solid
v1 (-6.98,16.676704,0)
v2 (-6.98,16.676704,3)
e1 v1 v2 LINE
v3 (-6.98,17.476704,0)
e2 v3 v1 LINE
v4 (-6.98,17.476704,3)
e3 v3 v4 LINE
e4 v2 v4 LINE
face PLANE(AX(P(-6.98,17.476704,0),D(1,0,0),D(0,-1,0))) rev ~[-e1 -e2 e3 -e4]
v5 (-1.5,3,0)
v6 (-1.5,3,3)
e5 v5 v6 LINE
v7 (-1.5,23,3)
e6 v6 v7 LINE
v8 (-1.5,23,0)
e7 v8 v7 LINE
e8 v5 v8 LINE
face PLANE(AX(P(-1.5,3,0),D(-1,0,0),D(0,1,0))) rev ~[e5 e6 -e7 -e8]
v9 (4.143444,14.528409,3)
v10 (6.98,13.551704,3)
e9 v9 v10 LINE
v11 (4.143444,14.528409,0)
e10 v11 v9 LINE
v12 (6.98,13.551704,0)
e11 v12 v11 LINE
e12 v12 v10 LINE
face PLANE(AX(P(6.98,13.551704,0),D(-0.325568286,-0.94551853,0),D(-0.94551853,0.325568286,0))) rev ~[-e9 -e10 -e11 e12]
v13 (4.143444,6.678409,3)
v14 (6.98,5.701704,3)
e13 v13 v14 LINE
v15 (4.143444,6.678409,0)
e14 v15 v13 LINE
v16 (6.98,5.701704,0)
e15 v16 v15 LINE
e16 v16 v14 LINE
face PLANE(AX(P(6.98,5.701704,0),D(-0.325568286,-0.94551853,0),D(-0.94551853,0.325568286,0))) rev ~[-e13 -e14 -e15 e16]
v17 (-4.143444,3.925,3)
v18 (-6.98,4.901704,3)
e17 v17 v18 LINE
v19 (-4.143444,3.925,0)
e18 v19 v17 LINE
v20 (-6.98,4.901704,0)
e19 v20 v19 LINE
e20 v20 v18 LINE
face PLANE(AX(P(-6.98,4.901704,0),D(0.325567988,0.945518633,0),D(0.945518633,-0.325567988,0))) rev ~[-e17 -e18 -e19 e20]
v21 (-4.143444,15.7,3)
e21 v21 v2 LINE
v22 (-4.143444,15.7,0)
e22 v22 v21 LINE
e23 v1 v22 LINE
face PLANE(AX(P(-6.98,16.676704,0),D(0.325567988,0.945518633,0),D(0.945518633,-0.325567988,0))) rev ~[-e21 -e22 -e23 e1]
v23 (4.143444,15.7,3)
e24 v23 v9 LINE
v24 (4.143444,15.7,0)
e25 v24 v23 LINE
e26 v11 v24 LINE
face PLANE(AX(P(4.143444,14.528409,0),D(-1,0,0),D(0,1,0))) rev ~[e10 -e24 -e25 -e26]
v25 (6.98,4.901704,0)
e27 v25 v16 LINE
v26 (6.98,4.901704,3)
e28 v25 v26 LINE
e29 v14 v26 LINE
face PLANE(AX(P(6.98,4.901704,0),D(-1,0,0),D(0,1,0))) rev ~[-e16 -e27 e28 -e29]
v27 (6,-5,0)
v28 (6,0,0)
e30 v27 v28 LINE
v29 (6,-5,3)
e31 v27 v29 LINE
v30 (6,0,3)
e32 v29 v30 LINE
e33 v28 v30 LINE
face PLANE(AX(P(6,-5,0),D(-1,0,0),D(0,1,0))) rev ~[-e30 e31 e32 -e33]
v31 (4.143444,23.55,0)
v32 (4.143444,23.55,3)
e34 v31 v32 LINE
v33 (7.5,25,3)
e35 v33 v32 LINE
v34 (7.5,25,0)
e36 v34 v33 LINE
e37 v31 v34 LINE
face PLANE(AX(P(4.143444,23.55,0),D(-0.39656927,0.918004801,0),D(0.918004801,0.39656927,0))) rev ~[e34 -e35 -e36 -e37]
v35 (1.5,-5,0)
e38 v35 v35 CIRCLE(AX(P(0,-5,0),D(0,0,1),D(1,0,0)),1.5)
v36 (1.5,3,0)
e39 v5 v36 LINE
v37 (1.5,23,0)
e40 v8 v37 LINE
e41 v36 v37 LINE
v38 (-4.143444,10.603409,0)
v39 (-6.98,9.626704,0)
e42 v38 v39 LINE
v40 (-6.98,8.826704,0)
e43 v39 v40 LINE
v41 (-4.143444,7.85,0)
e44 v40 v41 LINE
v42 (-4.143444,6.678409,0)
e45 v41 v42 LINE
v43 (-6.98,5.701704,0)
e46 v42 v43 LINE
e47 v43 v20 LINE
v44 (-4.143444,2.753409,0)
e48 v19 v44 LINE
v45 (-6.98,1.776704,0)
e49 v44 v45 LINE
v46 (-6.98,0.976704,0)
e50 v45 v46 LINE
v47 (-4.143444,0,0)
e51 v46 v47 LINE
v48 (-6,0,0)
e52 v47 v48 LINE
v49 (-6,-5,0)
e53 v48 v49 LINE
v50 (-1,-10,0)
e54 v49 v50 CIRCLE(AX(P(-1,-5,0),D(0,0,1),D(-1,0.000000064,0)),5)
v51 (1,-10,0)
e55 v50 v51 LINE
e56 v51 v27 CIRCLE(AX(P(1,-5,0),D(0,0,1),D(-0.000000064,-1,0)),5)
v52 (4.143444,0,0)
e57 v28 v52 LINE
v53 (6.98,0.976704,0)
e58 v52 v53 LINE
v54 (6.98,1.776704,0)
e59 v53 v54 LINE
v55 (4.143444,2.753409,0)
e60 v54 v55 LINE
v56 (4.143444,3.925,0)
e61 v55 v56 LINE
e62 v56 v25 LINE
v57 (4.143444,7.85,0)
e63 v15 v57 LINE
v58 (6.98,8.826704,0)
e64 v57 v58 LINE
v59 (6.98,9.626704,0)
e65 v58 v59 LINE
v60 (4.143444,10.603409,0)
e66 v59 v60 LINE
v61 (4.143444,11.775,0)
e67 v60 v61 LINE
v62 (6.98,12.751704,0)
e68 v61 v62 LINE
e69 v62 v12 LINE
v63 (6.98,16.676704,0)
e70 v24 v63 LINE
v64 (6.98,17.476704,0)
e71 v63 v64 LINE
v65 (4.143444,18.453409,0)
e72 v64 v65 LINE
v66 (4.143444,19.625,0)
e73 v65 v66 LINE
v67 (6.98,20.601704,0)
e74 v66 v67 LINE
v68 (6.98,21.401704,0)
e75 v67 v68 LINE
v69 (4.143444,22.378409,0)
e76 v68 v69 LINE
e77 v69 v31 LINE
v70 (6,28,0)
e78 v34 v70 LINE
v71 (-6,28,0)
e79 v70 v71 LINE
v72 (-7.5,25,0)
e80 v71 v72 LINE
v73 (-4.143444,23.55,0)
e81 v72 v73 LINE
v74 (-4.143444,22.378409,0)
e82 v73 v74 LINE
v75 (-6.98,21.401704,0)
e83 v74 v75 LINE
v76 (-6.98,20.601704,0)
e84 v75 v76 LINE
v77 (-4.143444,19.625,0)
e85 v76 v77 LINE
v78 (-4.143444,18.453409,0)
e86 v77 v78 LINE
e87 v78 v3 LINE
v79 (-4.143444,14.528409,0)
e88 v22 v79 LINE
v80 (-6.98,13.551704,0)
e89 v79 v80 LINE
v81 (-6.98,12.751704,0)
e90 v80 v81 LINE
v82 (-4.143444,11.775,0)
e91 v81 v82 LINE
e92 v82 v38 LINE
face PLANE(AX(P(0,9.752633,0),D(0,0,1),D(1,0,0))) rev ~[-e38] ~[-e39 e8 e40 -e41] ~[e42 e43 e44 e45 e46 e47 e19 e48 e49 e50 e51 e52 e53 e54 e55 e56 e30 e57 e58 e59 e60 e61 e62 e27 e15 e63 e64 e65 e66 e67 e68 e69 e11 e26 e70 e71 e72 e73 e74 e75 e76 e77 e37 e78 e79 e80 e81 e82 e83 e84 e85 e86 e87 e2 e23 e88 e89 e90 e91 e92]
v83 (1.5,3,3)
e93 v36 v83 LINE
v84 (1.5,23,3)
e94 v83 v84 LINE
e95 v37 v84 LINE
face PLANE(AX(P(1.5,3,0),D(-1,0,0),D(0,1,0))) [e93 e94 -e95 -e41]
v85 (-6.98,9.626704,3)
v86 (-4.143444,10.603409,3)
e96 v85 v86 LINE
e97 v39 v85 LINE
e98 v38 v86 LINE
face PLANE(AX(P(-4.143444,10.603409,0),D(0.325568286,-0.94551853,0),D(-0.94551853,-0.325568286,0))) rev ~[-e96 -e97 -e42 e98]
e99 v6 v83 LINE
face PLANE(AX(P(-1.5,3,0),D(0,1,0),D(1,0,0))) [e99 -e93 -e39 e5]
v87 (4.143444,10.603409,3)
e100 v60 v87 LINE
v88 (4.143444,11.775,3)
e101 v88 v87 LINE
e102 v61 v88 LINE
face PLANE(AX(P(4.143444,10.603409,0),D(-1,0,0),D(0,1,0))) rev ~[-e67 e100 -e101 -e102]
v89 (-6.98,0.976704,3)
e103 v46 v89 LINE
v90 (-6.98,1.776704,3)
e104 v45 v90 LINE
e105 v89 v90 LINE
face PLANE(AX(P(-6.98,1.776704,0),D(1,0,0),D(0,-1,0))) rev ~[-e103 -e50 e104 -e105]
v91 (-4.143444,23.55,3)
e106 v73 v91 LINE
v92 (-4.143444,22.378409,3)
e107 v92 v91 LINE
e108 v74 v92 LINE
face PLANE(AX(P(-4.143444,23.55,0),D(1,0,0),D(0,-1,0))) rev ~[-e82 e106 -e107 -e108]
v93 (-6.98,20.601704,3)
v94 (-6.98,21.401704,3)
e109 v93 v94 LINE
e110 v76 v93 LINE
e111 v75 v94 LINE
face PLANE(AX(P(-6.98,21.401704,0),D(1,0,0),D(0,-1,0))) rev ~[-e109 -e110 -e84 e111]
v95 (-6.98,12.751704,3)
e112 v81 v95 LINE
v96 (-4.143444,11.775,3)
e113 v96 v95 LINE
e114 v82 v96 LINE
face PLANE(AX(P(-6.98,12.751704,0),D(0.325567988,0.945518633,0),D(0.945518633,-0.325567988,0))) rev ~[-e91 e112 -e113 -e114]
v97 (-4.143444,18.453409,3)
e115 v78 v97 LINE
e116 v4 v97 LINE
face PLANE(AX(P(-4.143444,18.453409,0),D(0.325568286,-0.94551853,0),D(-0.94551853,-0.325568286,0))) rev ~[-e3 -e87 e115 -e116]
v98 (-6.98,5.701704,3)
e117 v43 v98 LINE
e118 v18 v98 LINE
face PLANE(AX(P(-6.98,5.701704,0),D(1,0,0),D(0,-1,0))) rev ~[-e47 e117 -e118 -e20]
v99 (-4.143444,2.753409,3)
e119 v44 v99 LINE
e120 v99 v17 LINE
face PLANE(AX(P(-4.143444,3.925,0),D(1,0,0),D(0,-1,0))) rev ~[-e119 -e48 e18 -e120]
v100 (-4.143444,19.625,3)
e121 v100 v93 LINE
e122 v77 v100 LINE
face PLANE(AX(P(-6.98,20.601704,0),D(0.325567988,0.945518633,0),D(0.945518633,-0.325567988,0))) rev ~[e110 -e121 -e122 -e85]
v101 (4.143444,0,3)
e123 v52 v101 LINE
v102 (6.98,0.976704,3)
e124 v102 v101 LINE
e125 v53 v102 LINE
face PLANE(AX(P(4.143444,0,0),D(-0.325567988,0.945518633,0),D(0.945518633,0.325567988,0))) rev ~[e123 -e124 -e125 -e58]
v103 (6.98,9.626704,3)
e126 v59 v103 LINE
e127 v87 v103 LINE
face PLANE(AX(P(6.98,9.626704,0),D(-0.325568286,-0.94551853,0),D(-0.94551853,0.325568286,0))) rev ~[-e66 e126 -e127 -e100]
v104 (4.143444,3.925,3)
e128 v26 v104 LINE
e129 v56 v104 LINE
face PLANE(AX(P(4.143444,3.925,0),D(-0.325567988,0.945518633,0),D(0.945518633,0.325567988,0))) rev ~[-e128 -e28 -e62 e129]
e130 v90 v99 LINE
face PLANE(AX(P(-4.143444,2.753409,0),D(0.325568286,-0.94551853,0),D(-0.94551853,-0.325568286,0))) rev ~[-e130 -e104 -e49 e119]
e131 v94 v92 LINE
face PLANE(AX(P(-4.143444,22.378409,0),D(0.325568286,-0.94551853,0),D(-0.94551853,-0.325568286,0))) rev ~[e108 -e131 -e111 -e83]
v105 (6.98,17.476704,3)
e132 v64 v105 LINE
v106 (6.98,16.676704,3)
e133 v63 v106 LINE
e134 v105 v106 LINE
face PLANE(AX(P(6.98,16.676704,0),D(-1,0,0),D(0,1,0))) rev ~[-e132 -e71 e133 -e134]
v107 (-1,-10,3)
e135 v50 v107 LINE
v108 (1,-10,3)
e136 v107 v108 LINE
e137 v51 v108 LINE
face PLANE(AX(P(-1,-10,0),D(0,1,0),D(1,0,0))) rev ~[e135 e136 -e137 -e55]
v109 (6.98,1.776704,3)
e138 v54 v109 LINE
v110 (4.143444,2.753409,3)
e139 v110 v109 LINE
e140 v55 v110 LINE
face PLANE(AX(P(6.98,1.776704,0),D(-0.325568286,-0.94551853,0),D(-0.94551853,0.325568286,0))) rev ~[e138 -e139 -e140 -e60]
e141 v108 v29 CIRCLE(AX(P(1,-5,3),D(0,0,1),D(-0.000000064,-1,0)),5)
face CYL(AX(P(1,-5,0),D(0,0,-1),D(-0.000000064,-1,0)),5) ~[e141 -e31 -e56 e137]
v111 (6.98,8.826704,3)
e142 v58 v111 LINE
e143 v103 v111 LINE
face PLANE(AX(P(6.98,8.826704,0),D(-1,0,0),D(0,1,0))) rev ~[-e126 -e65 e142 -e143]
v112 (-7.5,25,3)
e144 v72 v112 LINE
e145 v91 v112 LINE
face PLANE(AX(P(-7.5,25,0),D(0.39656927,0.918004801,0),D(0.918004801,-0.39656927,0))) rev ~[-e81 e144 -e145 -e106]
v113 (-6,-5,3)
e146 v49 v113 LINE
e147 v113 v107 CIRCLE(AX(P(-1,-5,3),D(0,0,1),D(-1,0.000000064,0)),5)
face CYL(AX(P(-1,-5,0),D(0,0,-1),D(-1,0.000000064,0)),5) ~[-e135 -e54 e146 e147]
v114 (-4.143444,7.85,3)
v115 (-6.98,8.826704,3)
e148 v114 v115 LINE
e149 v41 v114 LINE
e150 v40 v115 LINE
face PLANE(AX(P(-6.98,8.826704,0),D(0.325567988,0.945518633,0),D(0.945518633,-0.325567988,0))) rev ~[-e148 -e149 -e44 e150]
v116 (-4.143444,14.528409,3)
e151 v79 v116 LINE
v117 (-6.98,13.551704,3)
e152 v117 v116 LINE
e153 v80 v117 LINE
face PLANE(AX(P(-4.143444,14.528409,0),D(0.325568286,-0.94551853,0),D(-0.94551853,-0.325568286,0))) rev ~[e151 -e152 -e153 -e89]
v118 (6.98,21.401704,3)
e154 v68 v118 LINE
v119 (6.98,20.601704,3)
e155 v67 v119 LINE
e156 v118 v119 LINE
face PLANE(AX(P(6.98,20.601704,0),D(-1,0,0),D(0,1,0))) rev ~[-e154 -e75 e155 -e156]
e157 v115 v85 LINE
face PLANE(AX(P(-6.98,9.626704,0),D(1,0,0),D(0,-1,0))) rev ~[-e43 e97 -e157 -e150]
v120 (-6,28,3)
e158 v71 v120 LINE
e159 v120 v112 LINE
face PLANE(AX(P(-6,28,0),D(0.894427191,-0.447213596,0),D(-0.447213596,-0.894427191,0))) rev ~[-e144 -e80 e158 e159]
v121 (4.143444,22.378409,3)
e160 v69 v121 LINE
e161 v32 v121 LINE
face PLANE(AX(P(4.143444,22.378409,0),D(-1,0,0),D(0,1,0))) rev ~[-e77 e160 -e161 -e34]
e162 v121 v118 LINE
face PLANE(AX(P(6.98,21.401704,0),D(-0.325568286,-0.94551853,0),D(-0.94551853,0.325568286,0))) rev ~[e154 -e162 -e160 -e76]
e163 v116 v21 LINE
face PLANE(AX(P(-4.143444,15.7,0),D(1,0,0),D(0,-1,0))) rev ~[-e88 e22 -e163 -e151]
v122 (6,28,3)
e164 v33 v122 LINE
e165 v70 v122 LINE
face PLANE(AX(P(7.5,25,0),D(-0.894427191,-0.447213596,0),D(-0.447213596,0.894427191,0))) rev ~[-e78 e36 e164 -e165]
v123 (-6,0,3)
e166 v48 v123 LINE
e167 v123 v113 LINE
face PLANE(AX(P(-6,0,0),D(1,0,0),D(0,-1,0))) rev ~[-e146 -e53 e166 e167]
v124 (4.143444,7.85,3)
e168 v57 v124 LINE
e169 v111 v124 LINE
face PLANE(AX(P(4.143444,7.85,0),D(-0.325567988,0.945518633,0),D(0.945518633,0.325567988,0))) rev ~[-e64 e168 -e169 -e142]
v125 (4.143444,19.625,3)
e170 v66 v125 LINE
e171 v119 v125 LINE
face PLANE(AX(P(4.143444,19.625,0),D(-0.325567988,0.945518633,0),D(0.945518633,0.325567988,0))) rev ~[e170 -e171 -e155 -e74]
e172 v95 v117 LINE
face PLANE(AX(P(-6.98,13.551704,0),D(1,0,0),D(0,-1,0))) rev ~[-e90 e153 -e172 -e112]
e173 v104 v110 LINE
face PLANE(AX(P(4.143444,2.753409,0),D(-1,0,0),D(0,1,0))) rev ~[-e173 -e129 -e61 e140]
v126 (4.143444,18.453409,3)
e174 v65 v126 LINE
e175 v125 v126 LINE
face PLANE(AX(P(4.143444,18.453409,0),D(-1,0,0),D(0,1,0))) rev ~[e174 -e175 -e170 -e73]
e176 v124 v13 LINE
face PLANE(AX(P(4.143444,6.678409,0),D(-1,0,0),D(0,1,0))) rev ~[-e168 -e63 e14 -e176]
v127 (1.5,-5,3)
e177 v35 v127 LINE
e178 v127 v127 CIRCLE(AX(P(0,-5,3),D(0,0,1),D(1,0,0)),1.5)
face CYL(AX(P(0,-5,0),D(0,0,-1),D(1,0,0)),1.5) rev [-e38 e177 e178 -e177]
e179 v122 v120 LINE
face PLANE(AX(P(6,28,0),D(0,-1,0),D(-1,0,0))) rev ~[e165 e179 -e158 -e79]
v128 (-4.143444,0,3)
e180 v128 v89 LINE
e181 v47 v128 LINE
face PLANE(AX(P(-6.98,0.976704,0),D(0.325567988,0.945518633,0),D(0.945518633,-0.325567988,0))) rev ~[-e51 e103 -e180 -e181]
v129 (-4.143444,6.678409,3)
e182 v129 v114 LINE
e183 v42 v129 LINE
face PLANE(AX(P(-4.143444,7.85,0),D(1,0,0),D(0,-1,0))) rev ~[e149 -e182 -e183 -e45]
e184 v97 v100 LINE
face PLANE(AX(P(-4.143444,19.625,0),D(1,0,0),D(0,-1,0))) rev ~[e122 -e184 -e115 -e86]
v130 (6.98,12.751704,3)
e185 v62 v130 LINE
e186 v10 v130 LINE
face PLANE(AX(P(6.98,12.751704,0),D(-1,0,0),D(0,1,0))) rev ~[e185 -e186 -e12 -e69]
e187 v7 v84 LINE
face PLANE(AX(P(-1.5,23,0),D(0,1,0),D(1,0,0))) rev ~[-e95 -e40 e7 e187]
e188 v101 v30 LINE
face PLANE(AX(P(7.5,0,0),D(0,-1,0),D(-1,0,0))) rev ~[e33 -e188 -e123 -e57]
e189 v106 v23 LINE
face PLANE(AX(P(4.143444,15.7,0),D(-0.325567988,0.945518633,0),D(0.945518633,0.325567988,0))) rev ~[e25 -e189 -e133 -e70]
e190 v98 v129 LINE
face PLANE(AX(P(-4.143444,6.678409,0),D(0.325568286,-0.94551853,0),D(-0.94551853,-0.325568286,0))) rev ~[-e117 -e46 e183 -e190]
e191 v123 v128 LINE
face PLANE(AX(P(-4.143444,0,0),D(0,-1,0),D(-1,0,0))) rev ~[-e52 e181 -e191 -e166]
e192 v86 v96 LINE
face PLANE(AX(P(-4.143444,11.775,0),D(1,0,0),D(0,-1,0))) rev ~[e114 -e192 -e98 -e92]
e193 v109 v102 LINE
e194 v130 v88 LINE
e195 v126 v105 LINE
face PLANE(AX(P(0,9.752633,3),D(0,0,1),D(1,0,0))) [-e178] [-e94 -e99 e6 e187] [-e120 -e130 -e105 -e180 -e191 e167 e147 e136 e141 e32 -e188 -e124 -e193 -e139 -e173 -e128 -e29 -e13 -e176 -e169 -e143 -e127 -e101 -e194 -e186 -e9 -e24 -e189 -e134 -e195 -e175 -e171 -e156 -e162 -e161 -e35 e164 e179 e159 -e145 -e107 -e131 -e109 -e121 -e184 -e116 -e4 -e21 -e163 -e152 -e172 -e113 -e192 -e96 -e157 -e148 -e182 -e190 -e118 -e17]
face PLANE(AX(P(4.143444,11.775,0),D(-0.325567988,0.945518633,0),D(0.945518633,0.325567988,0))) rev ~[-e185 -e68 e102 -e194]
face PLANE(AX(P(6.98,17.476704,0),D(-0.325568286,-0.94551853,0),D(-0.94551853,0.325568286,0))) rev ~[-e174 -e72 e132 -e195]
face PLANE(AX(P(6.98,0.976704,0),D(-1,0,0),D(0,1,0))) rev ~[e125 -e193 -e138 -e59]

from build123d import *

# Parameters (mm, degrees)
F0_R     = 1.5
F0_W     = 3
F0_H     = 20
F1_DEPTH = 3
F3_DEPTH = 25


with BuildPart() as f1:
    # F0 (on Top) → F1 (new body)
    with BuildSketch(Plane.XY):
        with BuildLine():
            Line((-7.5, 25), (-7.5, 0))
            Line((-7.5, 0), (-6, 0))
            Line((-6, 0), (-6, -5))
            ThreePointArc((-6, -5), (-4.535534, -8.535534), (-1, -10))
            Line((-1, -10), (1, -10))
            ThreePointArc((1, -10), (4.535534, -8.535534), (6, -5))
            Line((6, -5), (6, 0))
            Line((6, 0), (7.5, 0))
            Line((7.5, 0), (7.5, 25))
            Line((7.5, 25), (6, 28))
            Line((6, 28), (-6, 28))
            Line((-6, 28), (-7.5, 25))
        make_face()
        with Locations((0, -5)):
            Circle(F0_R, mode=Mode.SUBTRACT)
        with Locations((0, 13)):
            Rectangle(F0_W, F0_H, mode=Mode.SUBTRACT)
    extrude(amount=F1_DEPTH)

    # F2 (on face) → F3 (cut)
    with BuildSketch(Plane(origin=(0, 0, 0), x_dir=(1, 0, 0), z_dir=(0, 0, -1))):
        Polygon((-6.98, -0.976704), (-4.143444, 0), (-6, 0), (-7.5, 0), (-7.5, -25), (-4.143444, -23.55), (-4.143444, -22.378409), (-6.98, -21.401704), (-6.98, -20.601704), (-4.143444, -19.625), (-4.143444, -18.453409), (-6.98, -17.476704), (-6.98, -16.676704), (-4.143444, -15.7), (-4.143444, -14.528409), (-6.98, -13.551704), (-6.98, -12.751704), (-4.143444, -11.775), (-4.143444, -10.603409), (-6.98, -9.626704), (-6.98, -8.826704), (-4.143444, -7.85), (-4.143444, -6.678409), (-6.98, -5.701704), (-6.98, -4.901704), (-4.143444, -3.925), (-4.143444, -2.753409), (-6.98, -1.776704), align=None)
        Polygon((4.143444, -23.55), (7.5, -25), (7.5, 0), (6, 0), (4.143444, 0), (6.98, -0.976704), (6.98, -1.776704), (4.143444, -2.753409), (4.143444, -3.925), (6.98, -4.901704), (6.98, -5.701704), (4.143444, -6.678409), (4.143444, -7.85), (6.98, -8.826704), (6.98, -9.626704), (4.143444, -10.603409), (4.143444, -11.775), (6.98, -12.751704), (6.98, -13.551704), (4.143444, -14.528409), (4.143444, -15.7), (6.98, -16.676704), (6.98, -17.476704), (4.143444, -18.453409), (4.143444, -19.625), (6.98, -20.601704), (6.98, -21.401704), (4.143444, -22.378409), align=None)
    extrude(amount=-F3_DEPTH, mode=Mode.SUBTRACT)


solid = f1.part
